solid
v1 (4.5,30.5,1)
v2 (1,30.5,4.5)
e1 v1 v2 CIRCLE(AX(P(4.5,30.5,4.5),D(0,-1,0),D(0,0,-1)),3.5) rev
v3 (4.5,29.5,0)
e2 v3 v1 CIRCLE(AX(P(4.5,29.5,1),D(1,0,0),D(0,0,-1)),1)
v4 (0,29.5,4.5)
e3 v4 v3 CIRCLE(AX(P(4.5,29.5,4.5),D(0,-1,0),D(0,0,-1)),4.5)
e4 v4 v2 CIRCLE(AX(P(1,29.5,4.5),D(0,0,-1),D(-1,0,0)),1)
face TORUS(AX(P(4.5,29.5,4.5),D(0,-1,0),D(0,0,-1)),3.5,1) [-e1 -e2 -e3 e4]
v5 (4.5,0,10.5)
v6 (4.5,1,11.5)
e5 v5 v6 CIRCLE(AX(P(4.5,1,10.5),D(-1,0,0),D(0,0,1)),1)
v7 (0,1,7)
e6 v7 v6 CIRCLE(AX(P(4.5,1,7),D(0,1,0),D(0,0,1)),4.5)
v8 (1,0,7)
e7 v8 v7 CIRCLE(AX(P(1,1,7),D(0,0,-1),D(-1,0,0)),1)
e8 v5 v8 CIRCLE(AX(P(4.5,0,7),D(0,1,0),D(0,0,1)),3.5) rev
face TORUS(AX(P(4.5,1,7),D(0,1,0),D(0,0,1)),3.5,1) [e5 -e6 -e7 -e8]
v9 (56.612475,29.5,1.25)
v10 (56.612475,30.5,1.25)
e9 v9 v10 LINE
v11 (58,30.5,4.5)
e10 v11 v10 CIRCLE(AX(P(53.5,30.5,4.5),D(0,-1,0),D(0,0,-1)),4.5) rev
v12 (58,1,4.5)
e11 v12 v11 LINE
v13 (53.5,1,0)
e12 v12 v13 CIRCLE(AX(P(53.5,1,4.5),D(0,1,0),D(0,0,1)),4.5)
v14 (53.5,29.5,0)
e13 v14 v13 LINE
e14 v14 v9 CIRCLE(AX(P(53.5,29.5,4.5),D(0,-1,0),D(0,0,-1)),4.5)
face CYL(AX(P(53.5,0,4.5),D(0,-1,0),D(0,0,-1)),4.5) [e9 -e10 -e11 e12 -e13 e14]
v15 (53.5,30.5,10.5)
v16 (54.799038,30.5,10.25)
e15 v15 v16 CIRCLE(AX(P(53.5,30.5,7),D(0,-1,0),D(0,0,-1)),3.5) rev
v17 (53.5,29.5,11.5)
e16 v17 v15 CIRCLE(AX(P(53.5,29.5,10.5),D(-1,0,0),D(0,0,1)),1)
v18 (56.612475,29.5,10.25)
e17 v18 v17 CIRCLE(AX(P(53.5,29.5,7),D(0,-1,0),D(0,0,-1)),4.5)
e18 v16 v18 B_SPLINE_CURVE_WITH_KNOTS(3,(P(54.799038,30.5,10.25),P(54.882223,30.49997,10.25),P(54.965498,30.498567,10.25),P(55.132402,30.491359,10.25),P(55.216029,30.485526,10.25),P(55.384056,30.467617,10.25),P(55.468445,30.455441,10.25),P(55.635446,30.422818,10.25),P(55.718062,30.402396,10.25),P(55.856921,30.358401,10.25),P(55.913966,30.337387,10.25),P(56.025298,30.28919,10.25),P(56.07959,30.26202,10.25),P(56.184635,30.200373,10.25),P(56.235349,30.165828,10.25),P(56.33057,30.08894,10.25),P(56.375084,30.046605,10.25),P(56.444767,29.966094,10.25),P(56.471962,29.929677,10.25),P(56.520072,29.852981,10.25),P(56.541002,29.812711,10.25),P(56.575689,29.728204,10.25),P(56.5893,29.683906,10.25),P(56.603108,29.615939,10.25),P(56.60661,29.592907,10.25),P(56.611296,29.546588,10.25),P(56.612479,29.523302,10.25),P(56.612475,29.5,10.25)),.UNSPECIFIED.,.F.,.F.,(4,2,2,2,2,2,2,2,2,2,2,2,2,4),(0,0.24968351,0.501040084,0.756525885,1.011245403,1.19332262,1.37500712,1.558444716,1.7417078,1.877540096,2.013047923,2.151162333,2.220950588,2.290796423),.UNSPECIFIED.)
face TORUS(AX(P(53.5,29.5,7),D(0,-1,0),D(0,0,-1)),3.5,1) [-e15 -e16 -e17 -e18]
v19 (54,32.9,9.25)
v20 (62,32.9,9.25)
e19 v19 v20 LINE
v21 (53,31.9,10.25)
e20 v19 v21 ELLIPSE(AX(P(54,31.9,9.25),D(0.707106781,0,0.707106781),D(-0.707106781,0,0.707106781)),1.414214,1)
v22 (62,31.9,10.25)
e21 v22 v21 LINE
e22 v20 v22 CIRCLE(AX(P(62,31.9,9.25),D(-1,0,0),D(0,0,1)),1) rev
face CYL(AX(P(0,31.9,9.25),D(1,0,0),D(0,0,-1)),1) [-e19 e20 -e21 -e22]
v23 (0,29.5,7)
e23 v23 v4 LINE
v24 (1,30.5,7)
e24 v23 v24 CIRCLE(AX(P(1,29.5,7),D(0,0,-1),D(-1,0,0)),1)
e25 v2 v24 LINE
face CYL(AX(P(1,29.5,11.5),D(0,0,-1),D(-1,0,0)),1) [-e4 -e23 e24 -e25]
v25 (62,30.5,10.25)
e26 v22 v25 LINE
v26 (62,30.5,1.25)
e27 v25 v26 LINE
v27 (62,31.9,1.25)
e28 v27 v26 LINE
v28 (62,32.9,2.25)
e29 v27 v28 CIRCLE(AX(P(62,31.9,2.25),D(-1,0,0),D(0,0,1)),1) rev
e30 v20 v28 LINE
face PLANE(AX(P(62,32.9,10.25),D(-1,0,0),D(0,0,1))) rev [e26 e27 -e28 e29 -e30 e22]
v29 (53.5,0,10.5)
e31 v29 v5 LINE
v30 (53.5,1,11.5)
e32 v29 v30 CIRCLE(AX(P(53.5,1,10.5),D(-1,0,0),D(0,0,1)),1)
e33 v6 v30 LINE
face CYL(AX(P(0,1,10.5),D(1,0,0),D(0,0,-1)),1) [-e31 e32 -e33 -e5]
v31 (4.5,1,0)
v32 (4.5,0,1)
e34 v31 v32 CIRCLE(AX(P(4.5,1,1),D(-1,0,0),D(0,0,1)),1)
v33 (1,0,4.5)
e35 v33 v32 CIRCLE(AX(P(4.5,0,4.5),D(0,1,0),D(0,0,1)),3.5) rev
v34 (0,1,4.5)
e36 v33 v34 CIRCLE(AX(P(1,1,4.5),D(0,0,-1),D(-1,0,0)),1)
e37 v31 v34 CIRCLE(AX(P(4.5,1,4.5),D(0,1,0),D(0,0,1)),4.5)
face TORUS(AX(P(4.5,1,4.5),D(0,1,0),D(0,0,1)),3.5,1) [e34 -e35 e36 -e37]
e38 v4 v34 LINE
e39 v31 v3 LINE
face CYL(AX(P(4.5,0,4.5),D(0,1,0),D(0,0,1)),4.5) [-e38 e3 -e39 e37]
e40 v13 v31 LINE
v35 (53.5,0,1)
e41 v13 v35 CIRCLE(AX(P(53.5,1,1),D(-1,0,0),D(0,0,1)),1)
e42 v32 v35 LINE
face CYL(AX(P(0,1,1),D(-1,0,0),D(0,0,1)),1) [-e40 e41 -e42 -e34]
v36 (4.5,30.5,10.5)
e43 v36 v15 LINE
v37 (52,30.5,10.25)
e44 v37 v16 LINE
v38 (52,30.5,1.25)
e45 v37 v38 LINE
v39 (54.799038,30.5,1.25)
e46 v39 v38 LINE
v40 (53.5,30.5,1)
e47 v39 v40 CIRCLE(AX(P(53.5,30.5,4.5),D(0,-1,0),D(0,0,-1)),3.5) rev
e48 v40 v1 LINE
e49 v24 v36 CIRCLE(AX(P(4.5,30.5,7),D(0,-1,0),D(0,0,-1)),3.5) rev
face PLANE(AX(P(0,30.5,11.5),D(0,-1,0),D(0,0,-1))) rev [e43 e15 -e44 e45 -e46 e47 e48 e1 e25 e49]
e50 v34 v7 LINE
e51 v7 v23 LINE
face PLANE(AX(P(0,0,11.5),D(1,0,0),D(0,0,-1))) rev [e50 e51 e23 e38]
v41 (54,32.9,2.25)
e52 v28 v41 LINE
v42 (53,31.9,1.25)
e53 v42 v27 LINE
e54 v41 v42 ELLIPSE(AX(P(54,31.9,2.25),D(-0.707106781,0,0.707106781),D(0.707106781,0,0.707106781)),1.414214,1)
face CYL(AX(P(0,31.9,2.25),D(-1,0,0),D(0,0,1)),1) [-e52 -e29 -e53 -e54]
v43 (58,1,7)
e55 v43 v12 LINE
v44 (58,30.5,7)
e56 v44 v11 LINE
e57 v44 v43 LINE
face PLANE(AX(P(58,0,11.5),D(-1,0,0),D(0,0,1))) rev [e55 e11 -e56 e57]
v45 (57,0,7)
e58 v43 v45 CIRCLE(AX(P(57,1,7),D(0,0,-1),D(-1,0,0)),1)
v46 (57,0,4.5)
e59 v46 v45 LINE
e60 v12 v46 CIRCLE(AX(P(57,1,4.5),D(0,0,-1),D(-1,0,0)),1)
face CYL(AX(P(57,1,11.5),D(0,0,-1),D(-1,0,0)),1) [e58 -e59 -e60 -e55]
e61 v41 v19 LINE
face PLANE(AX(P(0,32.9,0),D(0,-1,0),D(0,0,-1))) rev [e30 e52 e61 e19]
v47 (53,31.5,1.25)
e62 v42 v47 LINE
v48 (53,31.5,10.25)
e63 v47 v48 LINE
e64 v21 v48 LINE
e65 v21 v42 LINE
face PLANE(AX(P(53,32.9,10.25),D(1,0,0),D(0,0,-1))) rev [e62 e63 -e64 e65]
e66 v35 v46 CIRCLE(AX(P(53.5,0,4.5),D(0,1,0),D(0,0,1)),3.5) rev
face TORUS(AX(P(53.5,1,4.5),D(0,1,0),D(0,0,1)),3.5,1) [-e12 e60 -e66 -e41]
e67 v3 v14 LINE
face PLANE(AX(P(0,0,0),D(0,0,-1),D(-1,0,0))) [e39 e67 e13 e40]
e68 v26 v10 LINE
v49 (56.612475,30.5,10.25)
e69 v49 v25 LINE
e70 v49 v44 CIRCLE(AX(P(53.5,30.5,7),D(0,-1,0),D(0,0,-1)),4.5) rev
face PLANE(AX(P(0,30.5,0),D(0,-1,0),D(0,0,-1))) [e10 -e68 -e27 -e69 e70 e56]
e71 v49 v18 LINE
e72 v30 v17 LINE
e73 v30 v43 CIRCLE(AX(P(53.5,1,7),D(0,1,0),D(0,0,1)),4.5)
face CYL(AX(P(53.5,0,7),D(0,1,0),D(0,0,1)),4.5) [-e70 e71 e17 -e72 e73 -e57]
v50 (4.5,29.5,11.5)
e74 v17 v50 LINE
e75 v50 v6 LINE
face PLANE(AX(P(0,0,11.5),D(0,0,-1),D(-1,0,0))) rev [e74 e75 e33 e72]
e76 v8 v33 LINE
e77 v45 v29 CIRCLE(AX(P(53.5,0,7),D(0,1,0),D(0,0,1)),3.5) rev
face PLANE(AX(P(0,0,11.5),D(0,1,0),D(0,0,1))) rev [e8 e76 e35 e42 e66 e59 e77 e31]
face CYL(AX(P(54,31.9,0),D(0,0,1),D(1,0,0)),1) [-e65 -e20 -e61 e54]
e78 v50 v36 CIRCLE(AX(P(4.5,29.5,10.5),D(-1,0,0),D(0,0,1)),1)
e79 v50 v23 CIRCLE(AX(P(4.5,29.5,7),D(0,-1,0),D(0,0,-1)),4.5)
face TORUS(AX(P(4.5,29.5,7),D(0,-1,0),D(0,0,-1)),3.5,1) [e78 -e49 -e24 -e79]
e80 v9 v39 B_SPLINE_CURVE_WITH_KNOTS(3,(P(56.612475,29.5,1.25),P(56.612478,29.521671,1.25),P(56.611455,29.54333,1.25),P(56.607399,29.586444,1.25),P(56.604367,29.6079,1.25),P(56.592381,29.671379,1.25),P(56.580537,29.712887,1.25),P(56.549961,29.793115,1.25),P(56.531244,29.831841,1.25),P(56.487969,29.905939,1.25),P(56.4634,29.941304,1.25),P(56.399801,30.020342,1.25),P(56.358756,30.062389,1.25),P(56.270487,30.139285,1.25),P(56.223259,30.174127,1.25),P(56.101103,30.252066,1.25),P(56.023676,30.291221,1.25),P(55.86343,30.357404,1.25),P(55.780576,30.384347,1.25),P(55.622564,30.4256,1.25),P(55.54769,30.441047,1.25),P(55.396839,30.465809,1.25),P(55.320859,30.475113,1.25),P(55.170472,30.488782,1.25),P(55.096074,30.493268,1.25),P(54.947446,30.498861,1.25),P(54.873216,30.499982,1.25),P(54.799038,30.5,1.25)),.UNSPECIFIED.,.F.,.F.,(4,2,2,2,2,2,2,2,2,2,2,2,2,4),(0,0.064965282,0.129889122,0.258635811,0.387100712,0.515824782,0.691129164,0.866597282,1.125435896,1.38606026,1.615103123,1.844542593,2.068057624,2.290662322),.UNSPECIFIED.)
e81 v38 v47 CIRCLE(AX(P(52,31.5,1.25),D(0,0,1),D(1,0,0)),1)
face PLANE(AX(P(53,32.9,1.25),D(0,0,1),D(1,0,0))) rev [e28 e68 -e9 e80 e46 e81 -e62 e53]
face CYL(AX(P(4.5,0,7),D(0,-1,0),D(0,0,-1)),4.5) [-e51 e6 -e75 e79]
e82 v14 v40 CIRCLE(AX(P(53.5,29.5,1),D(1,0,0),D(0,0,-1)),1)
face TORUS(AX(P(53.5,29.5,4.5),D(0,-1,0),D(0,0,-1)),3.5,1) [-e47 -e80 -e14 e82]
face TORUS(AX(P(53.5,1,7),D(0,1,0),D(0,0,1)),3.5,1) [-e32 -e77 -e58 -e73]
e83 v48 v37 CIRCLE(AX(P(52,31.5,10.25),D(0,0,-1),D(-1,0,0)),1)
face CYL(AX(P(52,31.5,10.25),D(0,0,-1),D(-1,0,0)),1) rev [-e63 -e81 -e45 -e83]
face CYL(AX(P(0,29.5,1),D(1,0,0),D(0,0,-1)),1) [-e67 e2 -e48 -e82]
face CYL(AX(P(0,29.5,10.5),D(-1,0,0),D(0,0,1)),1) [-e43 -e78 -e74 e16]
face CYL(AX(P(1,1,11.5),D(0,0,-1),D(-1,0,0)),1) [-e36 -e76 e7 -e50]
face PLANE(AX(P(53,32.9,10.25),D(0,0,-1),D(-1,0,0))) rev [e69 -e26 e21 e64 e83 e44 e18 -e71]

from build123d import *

# Parameters (mm, degrees)
SKETCH1_W           = 58
SKETCH1_H           = 30.5
BOSS_EXTRUDE1_DEPTH = 11.5
FILLET1_R           = 4.5
SKETCH2_W           = 9
SKETCH2_H           = 9
BOSS_EXTRUDE2_DEPTH = 2.4
FILLET2_R           = 1


with BuildPart() as part:
    # Sketch1 → Boss-Extrude1 (new body)
    with BuildSketch(Plane.XY):
        with Locations((29, 15.25)):
            Rectangle(SKETCH1_W, SKETCH1_H)
    extrude(amount=BOSS_EXTRUDE1_DEPTH)

    # Fillet1
    fillet1_edges = [part.edges().sort_by_distance(p)[0] for p in [
        (58, 15.25, 11.5),
        (0, 15.25, 11.5),
        (58, 15.25, 0),
        (0, 15.25, 0),
    ]]
    fillet(fillet1_edges, radius=FILLET1_R)

    # Sketch2 → Boss-Extrude2 (add)
    with BuildSketch(Plane(origin=(0, 30.5, 0), x_dir=(1, 0, 0), z_dir=(0, 1, 0))):
        with Locations((57.5, -5.75)):
            Rectangle(SKETCH2_W, SKETCH2_H)
    extrude(amount=BOSS_EXTRUDE2_DEPTH)

    # Fillet2
    fillet2_edges = [part.edges().sort_by_distance(p)[0] for p in [
        (0, 0, 5.75),
        (0, 30.5, 5.75),
        (29, 0, 0),
        (58, 0, 5.75),
        (29, 0, 11.5),
        (56.681980515, 0, 10.181980515),
        (56.681980515, 0, 1.318019485),
        (1.318019485, 0, 10.181980515),
        (1.318019485, 0, 1.318019485),
        (29, 30.5, 0),
        (29, 30.5, 11.5),
        (55.177050983, 30.5, 11.175823272),
        (1.318019485, 30.5, 10.181980515),
        (1.318019485, 30.5, 1.318019485),
        (55.177050983, 30.5, 0.324176728),
        (53, 30.5, 5.75),
        (53, 32.9, 5.75),
        (57.5, 32.9, 10.25),
        (57.5, 32.9, 1.25),
    ]]
    fillet(fillet2_edges, radius=FILLET2_R)


solid = part.part
